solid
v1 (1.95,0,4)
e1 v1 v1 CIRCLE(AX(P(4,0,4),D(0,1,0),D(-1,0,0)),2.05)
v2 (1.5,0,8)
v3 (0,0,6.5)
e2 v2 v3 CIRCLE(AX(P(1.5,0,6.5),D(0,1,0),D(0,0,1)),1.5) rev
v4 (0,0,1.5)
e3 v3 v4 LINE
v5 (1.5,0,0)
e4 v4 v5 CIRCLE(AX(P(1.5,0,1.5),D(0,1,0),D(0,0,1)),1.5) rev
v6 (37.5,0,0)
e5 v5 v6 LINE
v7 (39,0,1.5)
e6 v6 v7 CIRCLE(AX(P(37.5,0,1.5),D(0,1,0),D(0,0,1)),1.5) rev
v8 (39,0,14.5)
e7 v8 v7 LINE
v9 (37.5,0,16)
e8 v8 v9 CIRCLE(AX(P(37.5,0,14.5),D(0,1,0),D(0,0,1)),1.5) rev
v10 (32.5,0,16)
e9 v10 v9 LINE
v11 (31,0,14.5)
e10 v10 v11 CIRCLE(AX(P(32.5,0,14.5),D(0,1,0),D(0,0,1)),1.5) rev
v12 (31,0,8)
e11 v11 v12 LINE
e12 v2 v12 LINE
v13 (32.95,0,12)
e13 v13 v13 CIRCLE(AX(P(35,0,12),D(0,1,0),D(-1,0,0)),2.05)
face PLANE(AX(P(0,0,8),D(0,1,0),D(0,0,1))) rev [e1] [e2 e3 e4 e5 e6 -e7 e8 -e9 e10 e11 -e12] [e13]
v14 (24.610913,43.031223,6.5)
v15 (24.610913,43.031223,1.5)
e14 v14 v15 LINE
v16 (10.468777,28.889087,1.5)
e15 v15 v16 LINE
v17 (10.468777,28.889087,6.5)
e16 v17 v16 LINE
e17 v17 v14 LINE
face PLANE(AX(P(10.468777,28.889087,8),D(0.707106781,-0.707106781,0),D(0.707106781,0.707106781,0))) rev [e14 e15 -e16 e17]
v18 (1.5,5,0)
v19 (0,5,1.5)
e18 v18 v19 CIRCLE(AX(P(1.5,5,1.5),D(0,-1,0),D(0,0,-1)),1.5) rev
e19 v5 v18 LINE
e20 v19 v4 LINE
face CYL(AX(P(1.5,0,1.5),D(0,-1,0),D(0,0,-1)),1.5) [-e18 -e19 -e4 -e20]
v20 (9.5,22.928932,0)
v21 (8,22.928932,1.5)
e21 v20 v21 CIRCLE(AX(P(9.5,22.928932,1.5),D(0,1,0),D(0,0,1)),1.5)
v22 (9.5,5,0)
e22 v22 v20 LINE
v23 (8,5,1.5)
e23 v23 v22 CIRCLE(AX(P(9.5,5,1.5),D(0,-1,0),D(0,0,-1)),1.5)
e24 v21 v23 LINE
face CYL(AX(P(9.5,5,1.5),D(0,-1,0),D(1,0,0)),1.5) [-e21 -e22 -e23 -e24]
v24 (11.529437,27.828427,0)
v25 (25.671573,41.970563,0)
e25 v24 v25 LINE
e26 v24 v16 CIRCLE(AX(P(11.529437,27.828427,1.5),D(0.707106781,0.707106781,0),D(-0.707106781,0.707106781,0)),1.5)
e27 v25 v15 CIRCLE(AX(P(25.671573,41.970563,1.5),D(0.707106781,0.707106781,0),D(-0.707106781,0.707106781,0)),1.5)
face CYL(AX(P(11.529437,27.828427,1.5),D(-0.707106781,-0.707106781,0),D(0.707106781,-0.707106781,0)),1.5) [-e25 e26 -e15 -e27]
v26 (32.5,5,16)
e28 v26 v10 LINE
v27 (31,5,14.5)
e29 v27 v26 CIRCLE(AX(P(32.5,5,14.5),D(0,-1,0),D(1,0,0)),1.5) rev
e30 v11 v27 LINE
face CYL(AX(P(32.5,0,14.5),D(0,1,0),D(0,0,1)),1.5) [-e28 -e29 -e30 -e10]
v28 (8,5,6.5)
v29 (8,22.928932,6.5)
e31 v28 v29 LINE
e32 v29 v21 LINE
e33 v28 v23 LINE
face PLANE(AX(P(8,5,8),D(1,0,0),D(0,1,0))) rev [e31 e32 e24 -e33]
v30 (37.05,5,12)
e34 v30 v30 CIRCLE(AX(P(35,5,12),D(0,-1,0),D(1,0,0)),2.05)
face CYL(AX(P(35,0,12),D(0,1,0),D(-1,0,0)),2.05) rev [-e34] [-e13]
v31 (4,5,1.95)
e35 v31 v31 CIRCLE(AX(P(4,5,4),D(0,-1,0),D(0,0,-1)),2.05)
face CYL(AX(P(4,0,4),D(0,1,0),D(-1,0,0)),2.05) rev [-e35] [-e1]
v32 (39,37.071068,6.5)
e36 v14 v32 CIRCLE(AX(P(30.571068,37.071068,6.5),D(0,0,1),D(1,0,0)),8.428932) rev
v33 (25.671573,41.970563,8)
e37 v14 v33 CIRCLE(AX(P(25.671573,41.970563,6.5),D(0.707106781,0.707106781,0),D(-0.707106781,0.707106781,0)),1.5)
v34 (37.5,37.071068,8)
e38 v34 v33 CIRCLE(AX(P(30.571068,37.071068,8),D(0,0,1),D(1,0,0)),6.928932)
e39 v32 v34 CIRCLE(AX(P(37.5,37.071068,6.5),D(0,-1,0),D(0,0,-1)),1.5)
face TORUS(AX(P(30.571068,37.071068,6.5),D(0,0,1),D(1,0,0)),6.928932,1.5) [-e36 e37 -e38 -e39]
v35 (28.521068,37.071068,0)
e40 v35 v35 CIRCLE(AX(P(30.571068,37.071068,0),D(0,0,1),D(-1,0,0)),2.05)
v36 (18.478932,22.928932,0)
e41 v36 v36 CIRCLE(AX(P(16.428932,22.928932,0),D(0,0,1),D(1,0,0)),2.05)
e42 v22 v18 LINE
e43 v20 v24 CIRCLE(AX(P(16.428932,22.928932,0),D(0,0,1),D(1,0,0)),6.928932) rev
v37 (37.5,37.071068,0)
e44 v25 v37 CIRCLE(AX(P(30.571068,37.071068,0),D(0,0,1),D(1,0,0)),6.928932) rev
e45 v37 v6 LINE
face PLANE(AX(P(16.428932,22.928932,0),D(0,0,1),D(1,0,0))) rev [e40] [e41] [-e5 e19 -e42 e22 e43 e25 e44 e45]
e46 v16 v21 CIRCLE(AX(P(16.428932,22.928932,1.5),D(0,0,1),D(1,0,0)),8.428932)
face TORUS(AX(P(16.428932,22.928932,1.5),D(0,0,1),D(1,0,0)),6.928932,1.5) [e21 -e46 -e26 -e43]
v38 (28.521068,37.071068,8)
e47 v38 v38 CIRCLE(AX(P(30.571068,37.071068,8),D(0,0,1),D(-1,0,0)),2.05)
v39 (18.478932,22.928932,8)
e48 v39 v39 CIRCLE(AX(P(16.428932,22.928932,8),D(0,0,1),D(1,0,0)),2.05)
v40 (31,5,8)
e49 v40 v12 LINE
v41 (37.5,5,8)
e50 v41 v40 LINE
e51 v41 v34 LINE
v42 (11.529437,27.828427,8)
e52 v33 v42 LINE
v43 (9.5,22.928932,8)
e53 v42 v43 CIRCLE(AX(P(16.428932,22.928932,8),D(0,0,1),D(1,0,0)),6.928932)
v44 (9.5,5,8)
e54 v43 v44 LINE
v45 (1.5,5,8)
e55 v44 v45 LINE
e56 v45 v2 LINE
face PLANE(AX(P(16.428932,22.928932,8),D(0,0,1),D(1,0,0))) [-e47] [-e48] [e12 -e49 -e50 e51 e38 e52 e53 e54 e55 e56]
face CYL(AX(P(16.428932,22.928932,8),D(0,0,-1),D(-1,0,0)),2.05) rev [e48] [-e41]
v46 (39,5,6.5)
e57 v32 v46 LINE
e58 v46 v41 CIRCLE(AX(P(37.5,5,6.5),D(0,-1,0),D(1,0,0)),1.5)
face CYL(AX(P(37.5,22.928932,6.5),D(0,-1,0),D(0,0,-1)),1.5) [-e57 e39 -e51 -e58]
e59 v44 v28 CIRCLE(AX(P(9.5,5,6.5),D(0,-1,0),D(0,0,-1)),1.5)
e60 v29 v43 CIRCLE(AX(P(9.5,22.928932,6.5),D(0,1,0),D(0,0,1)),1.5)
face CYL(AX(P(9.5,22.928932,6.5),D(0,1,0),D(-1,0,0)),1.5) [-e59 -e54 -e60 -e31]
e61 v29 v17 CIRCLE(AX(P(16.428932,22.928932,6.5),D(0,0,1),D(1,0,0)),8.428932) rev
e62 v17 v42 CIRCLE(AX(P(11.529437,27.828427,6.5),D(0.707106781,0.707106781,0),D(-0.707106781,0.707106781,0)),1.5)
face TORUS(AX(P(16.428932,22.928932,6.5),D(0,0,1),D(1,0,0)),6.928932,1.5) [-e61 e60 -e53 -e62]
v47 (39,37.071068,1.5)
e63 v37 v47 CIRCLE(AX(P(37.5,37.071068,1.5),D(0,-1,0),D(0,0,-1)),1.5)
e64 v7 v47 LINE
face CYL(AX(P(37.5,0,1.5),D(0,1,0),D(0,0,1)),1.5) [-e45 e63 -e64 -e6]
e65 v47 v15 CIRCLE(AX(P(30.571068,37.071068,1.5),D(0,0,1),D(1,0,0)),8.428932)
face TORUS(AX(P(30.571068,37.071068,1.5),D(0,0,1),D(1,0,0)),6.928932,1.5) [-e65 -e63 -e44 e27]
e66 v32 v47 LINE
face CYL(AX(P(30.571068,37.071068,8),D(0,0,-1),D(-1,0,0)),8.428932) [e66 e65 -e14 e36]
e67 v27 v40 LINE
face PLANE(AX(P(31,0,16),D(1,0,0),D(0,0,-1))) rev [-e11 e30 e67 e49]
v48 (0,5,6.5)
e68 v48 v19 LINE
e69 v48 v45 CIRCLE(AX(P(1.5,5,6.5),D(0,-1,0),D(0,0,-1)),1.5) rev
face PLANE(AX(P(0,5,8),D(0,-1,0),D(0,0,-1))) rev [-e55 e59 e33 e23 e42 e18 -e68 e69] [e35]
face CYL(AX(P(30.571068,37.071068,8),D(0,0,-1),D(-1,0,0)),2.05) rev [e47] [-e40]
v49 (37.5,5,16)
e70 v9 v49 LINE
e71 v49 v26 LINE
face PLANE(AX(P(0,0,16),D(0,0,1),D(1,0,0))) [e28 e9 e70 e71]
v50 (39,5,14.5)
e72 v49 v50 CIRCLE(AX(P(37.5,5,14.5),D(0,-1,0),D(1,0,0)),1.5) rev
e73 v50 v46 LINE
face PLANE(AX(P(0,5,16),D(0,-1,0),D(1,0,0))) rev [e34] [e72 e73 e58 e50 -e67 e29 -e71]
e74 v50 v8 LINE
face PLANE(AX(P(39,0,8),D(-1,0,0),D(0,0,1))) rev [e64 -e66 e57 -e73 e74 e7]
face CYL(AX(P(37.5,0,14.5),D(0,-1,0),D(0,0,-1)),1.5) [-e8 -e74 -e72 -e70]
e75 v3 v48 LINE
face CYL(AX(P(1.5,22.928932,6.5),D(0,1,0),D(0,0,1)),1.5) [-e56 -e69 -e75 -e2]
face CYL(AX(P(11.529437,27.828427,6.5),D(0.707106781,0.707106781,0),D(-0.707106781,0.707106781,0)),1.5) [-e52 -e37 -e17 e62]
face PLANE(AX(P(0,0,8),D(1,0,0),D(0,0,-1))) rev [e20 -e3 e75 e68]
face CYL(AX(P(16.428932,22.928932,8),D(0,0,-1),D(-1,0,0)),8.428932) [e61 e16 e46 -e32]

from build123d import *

# Parameters (mm, degrees)
ESQUISSE7_R                  = 2.05
BOSS_EXTRU_1_DEPTH           = 8
ESQUISSE8_W                  = 8
ESQUISSE8_H                  = 5
BOSS_EXTRU_2_DEPTH           = 8
ENL_V_MAT_EXTRU_3_DEPTH      = 59.457249337
ENL_V_MAT_EXTRU_3_DEPTH_BACK = 59.457249337
ESQUISSE9_R                  = 2.05
CONG_5_R                     = 1.5


with BuildPart() as part:
    # Esquisse7 → Boss.-Extru.1 (new body)
    with BuildSketch(Plane.XY):
        with BuildLine():
            Line((0, 0), (39, 0))
            Line((39, 0), (39, 37.071067812))
            ThreePointArc((39, 37.071067812), (33.796680513, 44.858385741), (24.610912703, 43.03122292))
            Line((24.610912703, 43.03122292), (10.46877708, 28.889087297))
            ThreePointArc((10.46877708, 28.889087297), (8.641614259, 26.154544889), (8, 22.928932188))
            Line((8, 22.928932188), (8, 5))
            Line((8, 5), (0, 5))
            Line((0, 5), (0, 0))
        make_face()
        with Locations((16.428932188, 22.928932188)):
            Circle(ESQUISSE7_R, mode=Mode.SUBTRACT)
        with Locations(Location((30.571067812, 37.071067812, 0), (0, 0, 180))):
            Circle(ESQUISSE7_R, mode=Mode.SUBTRACT)
    extrude(amount=BOSS_EXTRU_1_DEPTH)

    # Esquisse8 → Boss.-Extru.2 (add)
    with BuildSketch(Plane.XY.offset(8)):
        with Locations((35, 2.5)):
            Rectangle(ESQUISSE8_W, ESQUISSE8_H)
    extrude(amount=BOSS_EXTRU_2_DEPTH)

    # Esquisse9 → Enlèv. mat.-Extru.3 (cut, two sides: drawn at the far end of the back side and taken through both)
    with BuildSketch(Plane(origin=(0, 5, 0), x_dir=(1, 0, 0), z_dir=(0, 1, 0)).offset(-ENL_V_MAT_EXTRU_3_DEPTH_BACK)):
        with Locations(Location((35, -12, 0), (0, 0, 180))):
            Circle(ESQUISSE9_R)
        with Locations(Location((4, -4, 0), (0, 0, 180))):
            Circle(ESQUISSE9_R)
    extrude(amount=ENL_V_MAT_EXTRU_3_DEPTH + ENL_V_MAT_EXTRU_3_DEPTH_BACK, mode=Mode.SUBTRACT)

    # Congé5
    cong_5_edges = [part.edges().sort_by_distance(p)[0] for p in [
        (33.796680513, 44.858385741, 0),
        (39, 18.535533906, 0),
        (0, 2.5, 0),
        (33.796680513, 44.858385741, 8),
        (17.539844892, 35.960155108, 8),
        (8.641614259, 26.154544889, 8),
        (8, 13.964466094, 8),
        (39, 21.035533906, 8),
        (31, 2.5, 16),
        (39, 2.5, 16),
        (0, 2.5, 8),
        (8, 13.964466094, 0),
        (8.641614259, 26.154544889, 0),
        (17.539844892, 35.960155108, 0),
    ]]
    fillet(cong_5_edges, radius=CONG_5_R)


solid = part.part
